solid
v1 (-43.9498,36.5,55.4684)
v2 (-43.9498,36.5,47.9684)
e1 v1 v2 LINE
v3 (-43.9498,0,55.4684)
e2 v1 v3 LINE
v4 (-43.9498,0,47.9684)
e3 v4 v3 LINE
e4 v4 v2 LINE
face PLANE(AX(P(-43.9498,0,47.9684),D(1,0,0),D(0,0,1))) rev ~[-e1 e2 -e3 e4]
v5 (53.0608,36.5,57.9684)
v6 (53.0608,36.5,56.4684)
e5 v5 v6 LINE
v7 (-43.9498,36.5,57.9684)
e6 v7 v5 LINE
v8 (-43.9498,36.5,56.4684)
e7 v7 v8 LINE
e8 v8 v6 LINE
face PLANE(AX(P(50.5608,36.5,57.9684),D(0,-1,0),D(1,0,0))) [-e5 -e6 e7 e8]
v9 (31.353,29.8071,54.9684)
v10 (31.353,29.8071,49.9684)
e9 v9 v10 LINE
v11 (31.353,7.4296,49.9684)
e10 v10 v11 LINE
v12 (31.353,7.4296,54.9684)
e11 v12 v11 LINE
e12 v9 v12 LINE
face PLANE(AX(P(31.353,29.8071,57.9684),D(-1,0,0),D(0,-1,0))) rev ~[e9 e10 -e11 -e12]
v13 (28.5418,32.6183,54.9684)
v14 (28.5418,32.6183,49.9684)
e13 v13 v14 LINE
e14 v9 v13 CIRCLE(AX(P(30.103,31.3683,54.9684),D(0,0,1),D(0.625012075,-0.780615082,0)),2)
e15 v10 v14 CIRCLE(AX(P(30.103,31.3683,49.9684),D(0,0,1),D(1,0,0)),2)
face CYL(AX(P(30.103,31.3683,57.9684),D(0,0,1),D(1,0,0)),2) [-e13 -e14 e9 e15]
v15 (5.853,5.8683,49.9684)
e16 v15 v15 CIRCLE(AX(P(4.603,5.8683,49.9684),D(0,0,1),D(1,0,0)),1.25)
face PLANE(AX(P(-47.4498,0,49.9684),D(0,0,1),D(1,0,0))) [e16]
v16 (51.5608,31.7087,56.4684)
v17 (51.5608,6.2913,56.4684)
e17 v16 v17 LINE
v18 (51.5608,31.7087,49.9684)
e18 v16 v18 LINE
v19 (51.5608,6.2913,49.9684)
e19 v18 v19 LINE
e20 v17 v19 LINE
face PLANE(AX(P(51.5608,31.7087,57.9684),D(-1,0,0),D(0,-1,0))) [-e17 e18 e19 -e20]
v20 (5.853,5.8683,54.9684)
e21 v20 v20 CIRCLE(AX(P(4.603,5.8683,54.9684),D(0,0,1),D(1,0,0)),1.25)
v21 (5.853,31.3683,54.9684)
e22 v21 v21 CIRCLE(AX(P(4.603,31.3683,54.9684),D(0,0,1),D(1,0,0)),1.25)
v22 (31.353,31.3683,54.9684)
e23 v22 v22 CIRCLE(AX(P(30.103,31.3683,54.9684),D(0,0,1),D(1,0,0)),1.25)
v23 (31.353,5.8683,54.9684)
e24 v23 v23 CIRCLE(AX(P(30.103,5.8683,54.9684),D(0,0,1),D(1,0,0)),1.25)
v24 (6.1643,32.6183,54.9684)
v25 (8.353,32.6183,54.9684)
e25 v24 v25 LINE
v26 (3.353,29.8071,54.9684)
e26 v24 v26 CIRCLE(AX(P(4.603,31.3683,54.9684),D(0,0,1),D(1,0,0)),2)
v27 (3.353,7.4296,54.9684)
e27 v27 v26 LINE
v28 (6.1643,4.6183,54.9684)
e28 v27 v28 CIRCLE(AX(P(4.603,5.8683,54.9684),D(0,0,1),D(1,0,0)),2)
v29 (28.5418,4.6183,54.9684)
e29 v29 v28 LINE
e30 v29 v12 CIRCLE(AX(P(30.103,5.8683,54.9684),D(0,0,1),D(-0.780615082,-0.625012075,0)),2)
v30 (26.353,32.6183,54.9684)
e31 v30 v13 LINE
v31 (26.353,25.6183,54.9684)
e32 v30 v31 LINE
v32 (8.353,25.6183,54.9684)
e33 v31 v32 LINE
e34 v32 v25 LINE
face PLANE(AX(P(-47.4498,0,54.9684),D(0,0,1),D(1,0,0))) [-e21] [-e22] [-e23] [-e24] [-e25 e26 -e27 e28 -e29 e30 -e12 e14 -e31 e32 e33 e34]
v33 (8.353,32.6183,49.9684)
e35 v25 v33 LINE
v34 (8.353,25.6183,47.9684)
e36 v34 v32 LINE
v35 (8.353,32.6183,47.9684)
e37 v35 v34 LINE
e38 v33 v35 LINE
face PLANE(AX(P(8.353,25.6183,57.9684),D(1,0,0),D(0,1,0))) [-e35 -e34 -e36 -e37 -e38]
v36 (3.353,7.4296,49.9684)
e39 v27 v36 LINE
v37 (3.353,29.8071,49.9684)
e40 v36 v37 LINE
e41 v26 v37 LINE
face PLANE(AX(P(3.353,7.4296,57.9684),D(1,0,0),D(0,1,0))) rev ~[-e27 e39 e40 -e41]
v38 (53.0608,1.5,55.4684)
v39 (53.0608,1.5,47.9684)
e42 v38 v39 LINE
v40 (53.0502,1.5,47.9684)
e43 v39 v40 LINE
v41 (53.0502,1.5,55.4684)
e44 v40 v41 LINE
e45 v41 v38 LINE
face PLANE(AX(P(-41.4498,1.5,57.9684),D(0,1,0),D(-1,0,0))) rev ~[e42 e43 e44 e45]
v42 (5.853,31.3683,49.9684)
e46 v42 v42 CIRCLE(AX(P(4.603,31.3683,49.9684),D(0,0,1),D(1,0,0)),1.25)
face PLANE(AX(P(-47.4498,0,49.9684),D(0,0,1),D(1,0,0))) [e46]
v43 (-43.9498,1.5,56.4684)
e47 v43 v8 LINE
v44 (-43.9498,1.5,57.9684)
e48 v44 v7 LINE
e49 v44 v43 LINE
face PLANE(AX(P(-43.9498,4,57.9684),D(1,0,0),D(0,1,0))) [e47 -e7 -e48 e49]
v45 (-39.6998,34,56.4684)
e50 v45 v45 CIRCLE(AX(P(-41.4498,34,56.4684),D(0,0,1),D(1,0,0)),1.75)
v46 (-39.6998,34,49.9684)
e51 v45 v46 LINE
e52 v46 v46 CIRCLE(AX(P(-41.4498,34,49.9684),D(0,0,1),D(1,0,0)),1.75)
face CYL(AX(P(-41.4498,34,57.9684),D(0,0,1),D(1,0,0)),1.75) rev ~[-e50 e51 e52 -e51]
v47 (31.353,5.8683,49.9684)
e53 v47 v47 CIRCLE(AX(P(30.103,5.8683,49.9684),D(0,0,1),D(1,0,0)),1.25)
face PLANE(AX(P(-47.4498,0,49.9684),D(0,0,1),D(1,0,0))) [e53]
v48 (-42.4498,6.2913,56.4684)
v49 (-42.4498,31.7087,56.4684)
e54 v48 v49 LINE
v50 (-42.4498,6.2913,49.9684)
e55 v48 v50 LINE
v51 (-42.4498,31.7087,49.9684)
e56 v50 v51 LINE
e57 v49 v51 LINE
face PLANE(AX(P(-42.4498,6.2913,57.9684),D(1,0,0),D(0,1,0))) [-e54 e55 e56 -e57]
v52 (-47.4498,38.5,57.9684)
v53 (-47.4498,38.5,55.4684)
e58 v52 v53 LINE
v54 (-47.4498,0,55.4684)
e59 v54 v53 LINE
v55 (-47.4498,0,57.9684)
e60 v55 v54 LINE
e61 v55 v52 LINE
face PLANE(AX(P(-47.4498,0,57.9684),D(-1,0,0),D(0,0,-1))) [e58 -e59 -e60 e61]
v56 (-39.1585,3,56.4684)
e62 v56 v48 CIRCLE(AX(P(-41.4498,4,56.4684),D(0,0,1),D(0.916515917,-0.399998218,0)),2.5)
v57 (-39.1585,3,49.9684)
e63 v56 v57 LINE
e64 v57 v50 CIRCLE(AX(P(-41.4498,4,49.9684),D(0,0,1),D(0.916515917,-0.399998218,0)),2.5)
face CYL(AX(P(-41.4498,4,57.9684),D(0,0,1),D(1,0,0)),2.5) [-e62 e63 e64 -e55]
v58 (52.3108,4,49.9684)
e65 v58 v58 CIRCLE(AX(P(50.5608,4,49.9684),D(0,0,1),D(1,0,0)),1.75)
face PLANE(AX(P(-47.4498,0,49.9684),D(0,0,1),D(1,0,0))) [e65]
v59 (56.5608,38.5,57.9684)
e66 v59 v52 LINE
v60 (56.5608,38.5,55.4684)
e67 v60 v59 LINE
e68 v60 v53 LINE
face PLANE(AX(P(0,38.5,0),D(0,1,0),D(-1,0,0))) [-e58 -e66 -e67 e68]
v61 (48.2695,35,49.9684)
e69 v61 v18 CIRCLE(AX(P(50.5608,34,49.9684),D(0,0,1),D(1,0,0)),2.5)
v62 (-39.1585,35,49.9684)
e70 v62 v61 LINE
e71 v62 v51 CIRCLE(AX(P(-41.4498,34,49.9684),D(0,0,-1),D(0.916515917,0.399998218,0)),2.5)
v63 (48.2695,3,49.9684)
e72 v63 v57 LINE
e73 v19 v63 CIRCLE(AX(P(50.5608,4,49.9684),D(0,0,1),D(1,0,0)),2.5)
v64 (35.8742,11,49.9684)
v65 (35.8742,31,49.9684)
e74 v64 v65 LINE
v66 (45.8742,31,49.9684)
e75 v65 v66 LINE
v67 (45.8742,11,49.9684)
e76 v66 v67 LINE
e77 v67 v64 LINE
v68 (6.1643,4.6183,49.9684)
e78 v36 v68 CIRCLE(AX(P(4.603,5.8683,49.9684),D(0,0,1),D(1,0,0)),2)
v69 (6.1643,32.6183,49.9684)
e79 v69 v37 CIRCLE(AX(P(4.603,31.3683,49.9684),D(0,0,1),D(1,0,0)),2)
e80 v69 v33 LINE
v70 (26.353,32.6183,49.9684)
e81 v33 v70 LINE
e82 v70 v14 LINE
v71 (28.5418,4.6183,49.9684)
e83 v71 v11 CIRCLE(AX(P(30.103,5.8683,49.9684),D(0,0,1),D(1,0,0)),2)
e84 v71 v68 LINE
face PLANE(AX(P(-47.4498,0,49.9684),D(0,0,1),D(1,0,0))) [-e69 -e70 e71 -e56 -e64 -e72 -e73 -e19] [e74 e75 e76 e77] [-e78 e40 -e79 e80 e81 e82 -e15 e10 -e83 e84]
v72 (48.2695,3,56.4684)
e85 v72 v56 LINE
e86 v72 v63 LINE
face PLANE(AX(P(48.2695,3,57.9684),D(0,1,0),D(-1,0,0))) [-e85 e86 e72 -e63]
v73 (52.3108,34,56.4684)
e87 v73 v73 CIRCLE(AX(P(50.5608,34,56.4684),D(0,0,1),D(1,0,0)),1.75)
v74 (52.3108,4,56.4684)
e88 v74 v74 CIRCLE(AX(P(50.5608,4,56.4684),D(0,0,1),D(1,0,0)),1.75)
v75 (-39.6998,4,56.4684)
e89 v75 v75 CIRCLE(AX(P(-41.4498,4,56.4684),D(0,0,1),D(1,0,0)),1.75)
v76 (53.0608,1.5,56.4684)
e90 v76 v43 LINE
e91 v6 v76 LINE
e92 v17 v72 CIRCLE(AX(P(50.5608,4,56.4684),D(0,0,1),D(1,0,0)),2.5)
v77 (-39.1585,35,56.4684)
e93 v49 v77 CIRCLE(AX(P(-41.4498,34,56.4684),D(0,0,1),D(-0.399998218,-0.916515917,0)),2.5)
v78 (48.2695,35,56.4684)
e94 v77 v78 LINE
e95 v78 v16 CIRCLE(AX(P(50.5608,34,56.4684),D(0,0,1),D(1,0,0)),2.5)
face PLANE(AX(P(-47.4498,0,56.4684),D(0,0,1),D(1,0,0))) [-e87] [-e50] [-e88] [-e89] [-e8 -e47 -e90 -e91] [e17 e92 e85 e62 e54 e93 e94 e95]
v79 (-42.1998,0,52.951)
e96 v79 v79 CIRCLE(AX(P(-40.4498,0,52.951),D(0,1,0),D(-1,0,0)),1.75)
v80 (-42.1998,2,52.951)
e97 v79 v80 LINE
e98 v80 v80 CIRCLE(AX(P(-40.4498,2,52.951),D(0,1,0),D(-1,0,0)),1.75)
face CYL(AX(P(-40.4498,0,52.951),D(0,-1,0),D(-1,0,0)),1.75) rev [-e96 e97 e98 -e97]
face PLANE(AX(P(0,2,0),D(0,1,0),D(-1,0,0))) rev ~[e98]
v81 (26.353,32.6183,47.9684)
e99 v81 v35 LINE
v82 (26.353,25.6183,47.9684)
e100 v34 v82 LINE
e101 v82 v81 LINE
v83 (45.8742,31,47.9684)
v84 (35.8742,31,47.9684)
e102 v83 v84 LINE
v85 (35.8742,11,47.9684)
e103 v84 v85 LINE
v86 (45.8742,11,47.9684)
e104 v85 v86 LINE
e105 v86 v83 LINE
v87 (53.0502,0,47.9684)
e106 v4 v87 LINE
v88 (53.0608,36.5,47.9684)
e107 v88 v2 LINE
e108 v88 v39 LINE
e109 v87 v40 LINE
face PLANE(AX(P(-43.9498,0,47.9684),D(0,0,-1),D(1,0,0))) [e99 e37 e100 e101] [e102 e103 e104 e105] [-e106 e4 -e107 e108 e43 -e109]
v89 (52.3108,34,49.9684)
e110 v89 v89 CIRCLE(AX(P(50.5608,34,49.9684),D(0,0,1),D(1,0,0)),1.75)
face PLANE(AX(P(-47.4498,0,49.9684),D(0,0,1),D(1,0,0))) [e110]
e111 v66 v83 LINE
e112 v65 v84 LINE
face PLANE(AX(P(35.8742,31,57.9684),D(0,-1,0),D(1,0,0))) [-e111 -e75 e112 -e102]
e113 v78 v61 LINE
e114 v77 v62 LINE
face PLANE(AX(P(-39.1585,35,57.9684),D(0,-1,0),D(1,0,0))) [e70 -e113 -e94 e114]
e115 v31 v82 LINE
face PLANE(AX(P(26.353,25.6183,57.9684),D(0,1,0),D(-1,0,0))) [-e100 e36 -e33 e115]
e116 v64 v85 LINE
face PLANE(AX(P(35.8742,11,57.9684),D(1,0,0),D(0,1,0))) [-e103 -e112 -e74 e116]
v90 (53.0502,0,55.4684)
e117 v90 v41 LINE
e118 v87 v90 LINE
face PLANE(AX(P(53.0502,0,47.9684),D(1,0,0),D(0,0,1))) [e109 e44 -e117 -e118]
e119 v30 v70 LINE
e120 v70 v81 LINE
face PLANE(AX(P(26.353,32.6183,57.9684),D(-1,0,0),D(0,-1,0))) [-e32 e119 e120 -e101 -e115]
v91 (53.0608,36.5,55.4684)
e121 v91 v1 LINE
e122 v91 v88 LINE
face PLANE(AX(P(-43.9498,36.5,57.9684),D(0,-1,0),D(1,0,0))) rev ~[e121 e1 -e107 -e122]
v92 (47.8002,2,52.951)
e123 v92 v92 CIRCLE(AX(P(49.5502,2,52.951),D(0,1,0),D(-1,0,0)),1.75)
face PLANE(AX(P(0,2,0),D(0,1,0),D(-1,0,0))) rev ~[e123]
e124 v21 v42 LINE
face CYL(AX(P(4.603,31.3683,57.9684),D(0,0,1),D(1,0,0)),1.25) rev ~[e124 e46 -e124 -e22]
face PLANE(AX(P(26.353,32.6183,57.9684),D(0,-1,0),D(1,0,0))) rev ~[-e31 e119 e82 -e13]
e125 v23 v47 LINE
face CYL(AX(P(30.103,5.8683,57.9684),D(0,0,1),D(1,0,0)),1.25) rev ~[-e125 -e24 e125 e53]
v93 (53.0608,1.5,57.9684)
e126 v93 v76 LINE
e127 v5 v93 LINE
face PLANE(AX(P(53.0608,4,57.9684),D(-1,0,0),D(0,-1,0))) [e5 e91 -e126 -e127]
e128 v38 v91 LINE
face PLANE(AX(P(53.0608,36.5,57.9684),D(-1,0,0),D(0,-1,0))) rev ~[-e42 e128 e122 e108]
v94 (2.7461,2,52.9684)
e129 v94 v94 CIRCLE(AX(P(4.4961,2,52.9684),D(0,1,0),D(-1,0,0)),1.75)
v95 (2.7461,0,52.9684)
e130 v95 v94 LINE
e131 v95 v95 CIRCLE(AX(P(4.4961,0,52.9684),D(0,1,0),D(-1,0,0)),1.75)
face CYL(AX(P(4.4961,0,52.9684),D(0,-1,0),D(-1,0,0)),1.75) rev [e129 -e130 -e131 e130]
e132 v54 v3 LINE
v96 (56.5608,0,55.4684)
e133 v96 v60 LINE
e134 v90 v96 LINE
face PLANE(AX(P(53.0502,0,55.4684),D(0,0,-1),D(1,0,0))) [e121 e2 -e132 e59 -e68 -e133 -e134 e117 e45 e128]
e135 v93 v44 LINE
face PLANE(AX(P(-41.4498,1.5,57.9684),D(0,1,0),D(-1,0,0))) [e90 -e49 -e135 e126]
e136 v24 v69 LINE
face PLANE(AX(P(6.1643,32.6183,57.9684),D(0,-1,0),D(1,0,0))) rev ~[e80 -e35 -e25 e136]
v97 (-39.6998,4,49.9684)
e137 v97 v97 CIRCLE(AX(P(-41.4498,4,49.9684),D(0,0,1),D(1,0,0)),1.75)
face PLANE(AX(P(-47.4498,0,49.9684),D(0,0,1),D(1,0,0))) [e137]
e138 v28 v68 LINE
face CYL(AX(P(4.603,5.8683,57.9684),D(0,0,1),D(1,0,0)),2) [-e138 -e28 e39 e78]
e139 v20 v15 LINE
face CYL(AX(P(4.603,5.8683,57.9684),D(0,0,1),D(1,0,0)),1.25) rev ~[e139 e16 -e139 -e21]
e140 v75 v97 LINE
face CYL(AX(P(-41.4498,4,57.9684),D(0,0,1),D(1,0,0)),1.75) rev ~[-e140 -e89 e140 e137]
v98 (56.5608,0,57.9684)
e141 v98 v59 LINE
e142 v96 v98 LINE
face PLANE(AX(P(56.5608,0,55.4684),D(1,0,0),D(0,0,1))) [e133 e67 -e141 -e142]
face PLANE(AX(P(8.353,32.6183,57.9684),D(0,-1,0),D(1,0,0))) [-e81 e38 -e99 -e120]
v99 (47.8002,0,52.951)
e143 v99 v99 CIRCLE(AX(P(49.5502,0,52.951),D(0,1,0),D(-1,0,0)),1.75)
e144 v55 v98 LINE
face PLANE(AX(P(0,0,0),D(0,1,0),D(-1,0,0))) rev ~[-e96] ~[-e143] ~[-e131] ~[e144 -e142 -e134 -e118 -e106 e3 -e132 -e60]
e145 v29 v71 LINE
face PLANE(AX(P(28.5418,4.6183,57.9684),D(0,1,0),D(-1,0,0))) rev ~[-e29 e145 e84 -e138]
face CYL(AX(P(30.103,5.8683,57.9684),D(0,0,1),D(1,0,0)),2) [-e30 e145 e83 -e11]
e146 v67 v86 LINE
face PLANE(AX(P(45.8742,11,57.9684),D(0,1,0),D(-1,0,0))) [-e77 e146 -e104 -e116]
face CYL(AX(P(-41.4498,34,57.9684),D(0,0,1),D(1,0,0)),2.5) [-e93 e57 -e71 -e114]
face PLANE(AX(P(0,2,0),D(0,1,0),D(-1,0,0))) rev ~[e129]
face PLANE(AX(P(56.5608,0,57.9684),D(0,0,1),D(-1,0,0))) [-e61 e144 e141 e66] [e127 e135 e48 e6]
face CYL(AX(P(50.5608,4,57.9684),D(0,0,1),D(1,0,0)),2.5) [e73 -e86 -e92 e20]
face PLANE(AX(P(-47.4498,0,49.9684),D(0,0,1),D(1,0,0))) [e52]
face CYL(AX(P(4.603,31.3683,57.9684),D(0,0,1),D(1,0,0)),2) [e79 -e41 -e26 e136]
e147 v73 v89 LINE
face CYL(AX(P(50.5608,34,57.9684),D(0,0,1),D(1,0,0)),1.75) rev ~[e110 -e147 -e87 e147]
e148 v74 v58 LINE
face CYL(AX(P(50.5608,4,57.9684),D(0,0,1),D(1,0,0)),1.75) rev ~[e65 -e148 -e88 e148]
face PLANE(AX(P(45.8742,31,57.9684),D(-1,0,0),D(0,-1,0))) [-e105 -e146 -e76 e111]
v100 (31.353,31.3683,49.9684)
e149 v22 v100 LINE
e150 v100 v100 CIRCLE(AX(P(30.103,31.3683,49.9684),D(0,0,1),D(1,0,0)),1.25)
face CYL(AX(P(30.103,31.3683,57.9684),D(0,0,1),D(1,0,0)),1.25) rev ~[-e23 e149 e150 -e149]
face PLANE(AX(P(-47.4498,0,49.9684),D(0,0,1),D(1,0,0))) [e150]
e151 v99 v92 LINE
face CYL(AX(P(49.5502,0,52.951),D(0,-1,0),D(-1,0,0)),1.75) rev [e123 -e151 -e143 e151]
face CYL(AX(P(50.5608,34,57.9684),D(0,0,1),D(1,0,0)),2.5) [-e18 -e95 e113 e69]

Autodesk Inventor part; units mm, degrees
ref_plane "YZ Plane" through (0, 0, 0) normal (1, 0, 0) x (0, 1, 0)
ref_plane "XZ Plane" through (0, 0, 0) normal (0, 1, 0) x (-1, 0, 0)
ref_plane "XY Plane" through (0, 0, 0) normal (0, 0, 1) x (1, 0, 0)
sketch "Esboço1" plane through (0, 0, 0) normal (0, 1, 0) x (-1, 0, 0)
  line L0 (-56.5608, 57.9684) -> (47.4498, 57.9684)
  line L1 (47.4498, 57.9684) -> (47.4498, 47.9684)
  line L2 (-56.5608, 47.9684) -> (-56.5608, 57.9684)
  circle A0 centre (-49.5502, 52.951) radius 1.75
  circle A1 centre (40.4498, 52.951) radius 1.75
  circle A2 centre (-4.4961, 52.9684) radius 1.75
  line L3 (37.4498, 47.9684) -> (-46.5502, 47.9684)
  line L4 (43.9498, 47.9684) -> (37.2226, 47.9684)
  line L5 (37.4498, 47.9684) -> (-46.5502, 47.9684)
  line L6 (-53.0502, 47.9684) -> (-46.323, 47.9684)
  line L7 (47.4498, 47.9684) -> (-56.5608, 47.9684)
  line L8 (-53.0502, 47.9684) -> (-53.0502, 57.9684) construction
  line L9 (47.4498, 55.4684) -> (-56.5608, 55.4684)
  line L10 (-53.0502, 47.9684) -> (-53.0502, 57.9684)
  line L11 (43.9498, 47.9684) -> (43.9498, 57.9684)
  point P0 (43.9498, 55.4684)
  point P1 (-53.0502, 55.4684)
  dimension "d4" = 3.5
  dimension "d5" = 5
  dimension "d16" = 2.5
  dimension "d17" = 10
  dimension "d77" = 3.5106
  dimension "d78" = 3.5
extrude "Extrusão1" add sketch "Esboço1" along normal blind 38.5 contours L0 L10 L9 L2 | L0 L11 L9 L10 | L0 L1 L9 L11
extrude "Extrusão2" add sketch "Esboço1" along normal blind 2.5 contours L9 L11 L4 L3 L6 L10
sketch "Esboço2" plane through (-47.4498, 0, 57.9684) normal (0, 0, 1) x (1, 0, 0)
  line L0 (3.5, 36.5) -> (100.5106, 36.5)
  line L1 (100.5106, 36.5) -> (100.5106, 1.5)
  line L2 (100.5106, 1.5) -> (3.5, 1.5)
  line L3 (3.5, 1.5) -> (3.5, 36.5)
  line L4 (0, 0) -> (0, 38.5) projected
  line L5 (0, 38.5) -> (104.0106, 38.5) projected
  line L6 (0, 0) -> (104.0106, 0) projected
  line L7 (104.0106, 0) -> (104.0106, 38.5) projected
  circle A0 centre (6, 34) radius 1.75
  circle A1 centre (6, 34) radius 2.5
  circle A2 centre (6, 4) radius 1.75
  circle A3 centre (6, 4) radius 2.5
  circle A4 centre (98.0106, 34) radius 2.5
  circle A5 centre (98.0106, 34) radius 1.75
  circle A6 centre (98.0106, 4) radius 2.5
  circle A7 centre (98.0106, 4) radius 1.75
  line L8 (78.8028, 29.8071) -> (78.8028, 7.4296)
  line L9 (21.5, 17) -> (31.5, 17)
  line L10 (31.5, 17) -> (31.5, 7)
  line L11 (31.5, 7) -> (21.5, 7)
  line L12 (21.5, 7) -> (21.5, 17)
  line L13 (35.5, 23.5) -> (45.5, 23.5)
  line L14 (45.5, 23.5) -> (45.5, 13.5)
  line L15 (45.5, 13.5) -> (35.5, 13.5)
  line L16 (35.5, 13.5) -> (35.5, 23.5)
  line L17 (21.5, 31.5) -> (31.5, 31.5)
  line L18 (31.5, 31.5) -> (31.5, 21.5)
  line L19 (31.5, 21.5) -> (21.5, 21.5)
  line L20 (21.5, 21.5) -> (21.5, 31.5)
  line L21 (7.5, 23.5) -> (17.5, 23.5)
  line L22 (17.5, 23.5) -> (17.5, 13.5)
  line L23 (17.5, 13.5) -> (7.5, 13.5)
  line L24 (7.5, 13.5) -> (7.5, 23.5)
  line L25 (83.324, 31) -> (93.324, 31)
  line L26 (93.324, 31) -> (93.324, 11)
  line L27 (93.324, 11) -> (83.324, 11)
  line L28 (83.324, 11) -> (83.324, 31)
  circle A8 centre (26.5, 26.5) radius 3.5
  circle A9 centre (40.5, 18.5) radius 3.5
  circle A10 centre (26.5, 11.5) radius 3.5
  circle A11 centre (12.5, 18.5) radius 3.5
  line L29 (8.2913, 35) -> (95.7193, 35)
  line L30 (5, 6.2913) -> (5, 31.7087)
  line L31 (95.7193, 3) -> (8.2913, 3)
  line L32 (99.0106, 31.7087) -> (99.0106, 6.2913)
  circle A12 centre (52.0528, 31.3683) radius 1.25
  circle A13 centre (77.5528, 5.8683) radius 1.25
  circle A14 centre (77.5528, 31.3683) radius 1.25
  circle A15 centre (52.0528, 5.8683) radius 1.25
  circle A16 centre (52.0528, 5.8683) radius 2
  circle A17 centre (52.0528, 31.3683) radius 2
  circle A18 centre (77.5528, 31.3683) radius 2
  circle A19 centre (77.5528, 5.8683) radius 2
  line L33 (55.8028, 32.6183) -> (73.8028, 32.6183)
  line L34 (73.8028, 32.6183) -> (73.8028, 25.6183)
  line L35 (73.8028, 25.6183) -> (55.8028, 25.6183)
  line L36 (55.8028, 25.6183) -> (55.8028, 32.6183)
  line L37 (50.8028, 7.4296) -> (50.8028, 29.8071)
  line L38 (50.8028, 31.3683) -> (50.8028, 31.5)
  line L39 (53.6141, 32.6183) -> (75.9916, 32.6183)
  line L40 (78.8028, 4.6183) -> (77.5528, 4.6183)
  line L41 (75.9916, 4.6183) -> (53.6141, 4.6183)
  line L42 (52.0528, 4.6183) -> (50.8028, 4.6183)
  point P0 (47.4498, 0)
  point P1 (26.5, 17)
  point P2 (64.8028, 25.6183)
  point P3 (64.8028, 32.6183)
  dimension "d81" = 2.5
  dimension "d82" = 2.5
  dimension "d84" = 2.5
  dimension "d22" = 3.5
  dimension "d23" = 2
  dimension "d25" = 3.5
  dimension "d26" = 3.5
  dimension "d27" = 5
  dimension "d28" = 3.5
  dimension "d29" = 5
  dimension "d30" = 5
  dimension "d31" = 3.5
  dimension "d32" = 5
  dimension "d33" = 3.5
  dimension "d34" = 104.0106
  dimension "d35" = 38.5
  dimension "d36" = 28
  dimension "d38" = 10
  dimension "d39" = 10
  dimension "d40" = 10
  dimension "d41" = 10
  dimension "d42" = 10
  dimension "d43" = 10
  dimension "d44" = 10
  dimension "d45" = 10
  dimension "d46" = 10
  dimension "d47" = 20
  dimension "d49" = 4
  dimension "d50" = 4
  dimension "d51" = 4
  dimension "d52" = 4
  dimension "d57" = 5.5
  dimension "d58" = 7
  dimension "d59" = 7
  dimension "d60" = 7
  dimension "d61" = 7
  dimension "d65" = 1.5
  dimension "d72" = 4.5
  dimension "d83" = 2.5
  dimension "d85" = 4
  dimension "d86" = 4
  dimension "d87" = 4
  dimension "d88" = 4
  dimension "d90" = 5
  dimension "d91" = 7
extrude "Extrusão3" add sketch "Esboço2" against normal blind 10 contours L0 A1 L3 | L0 A4 L29 A1 | A1 | A1 L30 A3 L3 | L0 L1 A4 | A4 | L29 A4 L32 A6 L31 A3 L30 A1 | A3 L2 L3 | A3 | L1 A6 L32 A4 | A3 L31 A6 L2 | A6 | L1 L2 A6 | A0 | A2 | A5 | A7 | L8 A19 L41 A16 L37 A17 L39 L36 L35 L34 A18 | A18 | A19 | L34 L35 L36 L33 | A16 | A17 | L9 L10 L11 L12 | L13 L14 L15 L16 | L17 L18 L19 L20 | L21 L22 L23 L24 | L25 L26 L27 L28 | A8 | A9 | A10 | A11 | A12 | A13 | A14 | A15
extrude "Extrusão4" cut sketch "Esboço2" against normal blind 8 contours L29 A4 L32 A6 L31 A3 L30 A1 | L8 A19 L41 A16 L37 A17 L39 L36 L35 L34 A18 | A18 | A19 | L34 L35 L36 L33 | A16 | A17 | L9 L10 L11 L12 | L13 L14 L15 L16 | L17 L18 L19 L20 | L21 L22 L23 L24 | L25 L26 L27 L28 | A8 | A9 | A10 | A11 | A12 | A13 | A14 | A15
extrude "Extrusão5" cut sketch "Esboço2" against normal blind 1.5 contours L0 A1 L3 | L0 A4 L29 A1 | A1 | A1 L30 A3 L3 | L0 L1 A4 | A4 | A3 L2 L3 | A3 | L1 A6 L32 A4 | A3 L31 A6 L2 | A6 | L1 L2 A6 | A0 | A2 | A5 | A7
extrude "Extrusão6" cut sketch "Esboço2" against normal blind 8 contours A0 | A2 | A5 | A7
extrude "Extrusão7" cut sketch "Esboço2" against normal through all contours L25 L26 L27 L28
extrude "Extrusão8" cut sketch "Esboço1" along normal blind 2 contours A0 | A1 | A2
extrude "Extrusão9" add sketch "Esboço2" against normal blind 8.5 contours L8 A19 L41 A16 L37 A17 L39 L36 L35 L34 A18 | A18 | A19 | A16 | A17
extrude "Extrusão10" cut sketch "Esboço2" against normal blind 3 contours L8 A19 L41 A16 L37 A17 L39 L36 L35 L34 A18 | A18 | A19 | A16 | A17 | A13 | A14 | A15
extrude "Extrusão11" cut sketch "Esboço2" against normal through all contours L34 L35 L36 L33
properties part number "suporte_lcd_botoes"
